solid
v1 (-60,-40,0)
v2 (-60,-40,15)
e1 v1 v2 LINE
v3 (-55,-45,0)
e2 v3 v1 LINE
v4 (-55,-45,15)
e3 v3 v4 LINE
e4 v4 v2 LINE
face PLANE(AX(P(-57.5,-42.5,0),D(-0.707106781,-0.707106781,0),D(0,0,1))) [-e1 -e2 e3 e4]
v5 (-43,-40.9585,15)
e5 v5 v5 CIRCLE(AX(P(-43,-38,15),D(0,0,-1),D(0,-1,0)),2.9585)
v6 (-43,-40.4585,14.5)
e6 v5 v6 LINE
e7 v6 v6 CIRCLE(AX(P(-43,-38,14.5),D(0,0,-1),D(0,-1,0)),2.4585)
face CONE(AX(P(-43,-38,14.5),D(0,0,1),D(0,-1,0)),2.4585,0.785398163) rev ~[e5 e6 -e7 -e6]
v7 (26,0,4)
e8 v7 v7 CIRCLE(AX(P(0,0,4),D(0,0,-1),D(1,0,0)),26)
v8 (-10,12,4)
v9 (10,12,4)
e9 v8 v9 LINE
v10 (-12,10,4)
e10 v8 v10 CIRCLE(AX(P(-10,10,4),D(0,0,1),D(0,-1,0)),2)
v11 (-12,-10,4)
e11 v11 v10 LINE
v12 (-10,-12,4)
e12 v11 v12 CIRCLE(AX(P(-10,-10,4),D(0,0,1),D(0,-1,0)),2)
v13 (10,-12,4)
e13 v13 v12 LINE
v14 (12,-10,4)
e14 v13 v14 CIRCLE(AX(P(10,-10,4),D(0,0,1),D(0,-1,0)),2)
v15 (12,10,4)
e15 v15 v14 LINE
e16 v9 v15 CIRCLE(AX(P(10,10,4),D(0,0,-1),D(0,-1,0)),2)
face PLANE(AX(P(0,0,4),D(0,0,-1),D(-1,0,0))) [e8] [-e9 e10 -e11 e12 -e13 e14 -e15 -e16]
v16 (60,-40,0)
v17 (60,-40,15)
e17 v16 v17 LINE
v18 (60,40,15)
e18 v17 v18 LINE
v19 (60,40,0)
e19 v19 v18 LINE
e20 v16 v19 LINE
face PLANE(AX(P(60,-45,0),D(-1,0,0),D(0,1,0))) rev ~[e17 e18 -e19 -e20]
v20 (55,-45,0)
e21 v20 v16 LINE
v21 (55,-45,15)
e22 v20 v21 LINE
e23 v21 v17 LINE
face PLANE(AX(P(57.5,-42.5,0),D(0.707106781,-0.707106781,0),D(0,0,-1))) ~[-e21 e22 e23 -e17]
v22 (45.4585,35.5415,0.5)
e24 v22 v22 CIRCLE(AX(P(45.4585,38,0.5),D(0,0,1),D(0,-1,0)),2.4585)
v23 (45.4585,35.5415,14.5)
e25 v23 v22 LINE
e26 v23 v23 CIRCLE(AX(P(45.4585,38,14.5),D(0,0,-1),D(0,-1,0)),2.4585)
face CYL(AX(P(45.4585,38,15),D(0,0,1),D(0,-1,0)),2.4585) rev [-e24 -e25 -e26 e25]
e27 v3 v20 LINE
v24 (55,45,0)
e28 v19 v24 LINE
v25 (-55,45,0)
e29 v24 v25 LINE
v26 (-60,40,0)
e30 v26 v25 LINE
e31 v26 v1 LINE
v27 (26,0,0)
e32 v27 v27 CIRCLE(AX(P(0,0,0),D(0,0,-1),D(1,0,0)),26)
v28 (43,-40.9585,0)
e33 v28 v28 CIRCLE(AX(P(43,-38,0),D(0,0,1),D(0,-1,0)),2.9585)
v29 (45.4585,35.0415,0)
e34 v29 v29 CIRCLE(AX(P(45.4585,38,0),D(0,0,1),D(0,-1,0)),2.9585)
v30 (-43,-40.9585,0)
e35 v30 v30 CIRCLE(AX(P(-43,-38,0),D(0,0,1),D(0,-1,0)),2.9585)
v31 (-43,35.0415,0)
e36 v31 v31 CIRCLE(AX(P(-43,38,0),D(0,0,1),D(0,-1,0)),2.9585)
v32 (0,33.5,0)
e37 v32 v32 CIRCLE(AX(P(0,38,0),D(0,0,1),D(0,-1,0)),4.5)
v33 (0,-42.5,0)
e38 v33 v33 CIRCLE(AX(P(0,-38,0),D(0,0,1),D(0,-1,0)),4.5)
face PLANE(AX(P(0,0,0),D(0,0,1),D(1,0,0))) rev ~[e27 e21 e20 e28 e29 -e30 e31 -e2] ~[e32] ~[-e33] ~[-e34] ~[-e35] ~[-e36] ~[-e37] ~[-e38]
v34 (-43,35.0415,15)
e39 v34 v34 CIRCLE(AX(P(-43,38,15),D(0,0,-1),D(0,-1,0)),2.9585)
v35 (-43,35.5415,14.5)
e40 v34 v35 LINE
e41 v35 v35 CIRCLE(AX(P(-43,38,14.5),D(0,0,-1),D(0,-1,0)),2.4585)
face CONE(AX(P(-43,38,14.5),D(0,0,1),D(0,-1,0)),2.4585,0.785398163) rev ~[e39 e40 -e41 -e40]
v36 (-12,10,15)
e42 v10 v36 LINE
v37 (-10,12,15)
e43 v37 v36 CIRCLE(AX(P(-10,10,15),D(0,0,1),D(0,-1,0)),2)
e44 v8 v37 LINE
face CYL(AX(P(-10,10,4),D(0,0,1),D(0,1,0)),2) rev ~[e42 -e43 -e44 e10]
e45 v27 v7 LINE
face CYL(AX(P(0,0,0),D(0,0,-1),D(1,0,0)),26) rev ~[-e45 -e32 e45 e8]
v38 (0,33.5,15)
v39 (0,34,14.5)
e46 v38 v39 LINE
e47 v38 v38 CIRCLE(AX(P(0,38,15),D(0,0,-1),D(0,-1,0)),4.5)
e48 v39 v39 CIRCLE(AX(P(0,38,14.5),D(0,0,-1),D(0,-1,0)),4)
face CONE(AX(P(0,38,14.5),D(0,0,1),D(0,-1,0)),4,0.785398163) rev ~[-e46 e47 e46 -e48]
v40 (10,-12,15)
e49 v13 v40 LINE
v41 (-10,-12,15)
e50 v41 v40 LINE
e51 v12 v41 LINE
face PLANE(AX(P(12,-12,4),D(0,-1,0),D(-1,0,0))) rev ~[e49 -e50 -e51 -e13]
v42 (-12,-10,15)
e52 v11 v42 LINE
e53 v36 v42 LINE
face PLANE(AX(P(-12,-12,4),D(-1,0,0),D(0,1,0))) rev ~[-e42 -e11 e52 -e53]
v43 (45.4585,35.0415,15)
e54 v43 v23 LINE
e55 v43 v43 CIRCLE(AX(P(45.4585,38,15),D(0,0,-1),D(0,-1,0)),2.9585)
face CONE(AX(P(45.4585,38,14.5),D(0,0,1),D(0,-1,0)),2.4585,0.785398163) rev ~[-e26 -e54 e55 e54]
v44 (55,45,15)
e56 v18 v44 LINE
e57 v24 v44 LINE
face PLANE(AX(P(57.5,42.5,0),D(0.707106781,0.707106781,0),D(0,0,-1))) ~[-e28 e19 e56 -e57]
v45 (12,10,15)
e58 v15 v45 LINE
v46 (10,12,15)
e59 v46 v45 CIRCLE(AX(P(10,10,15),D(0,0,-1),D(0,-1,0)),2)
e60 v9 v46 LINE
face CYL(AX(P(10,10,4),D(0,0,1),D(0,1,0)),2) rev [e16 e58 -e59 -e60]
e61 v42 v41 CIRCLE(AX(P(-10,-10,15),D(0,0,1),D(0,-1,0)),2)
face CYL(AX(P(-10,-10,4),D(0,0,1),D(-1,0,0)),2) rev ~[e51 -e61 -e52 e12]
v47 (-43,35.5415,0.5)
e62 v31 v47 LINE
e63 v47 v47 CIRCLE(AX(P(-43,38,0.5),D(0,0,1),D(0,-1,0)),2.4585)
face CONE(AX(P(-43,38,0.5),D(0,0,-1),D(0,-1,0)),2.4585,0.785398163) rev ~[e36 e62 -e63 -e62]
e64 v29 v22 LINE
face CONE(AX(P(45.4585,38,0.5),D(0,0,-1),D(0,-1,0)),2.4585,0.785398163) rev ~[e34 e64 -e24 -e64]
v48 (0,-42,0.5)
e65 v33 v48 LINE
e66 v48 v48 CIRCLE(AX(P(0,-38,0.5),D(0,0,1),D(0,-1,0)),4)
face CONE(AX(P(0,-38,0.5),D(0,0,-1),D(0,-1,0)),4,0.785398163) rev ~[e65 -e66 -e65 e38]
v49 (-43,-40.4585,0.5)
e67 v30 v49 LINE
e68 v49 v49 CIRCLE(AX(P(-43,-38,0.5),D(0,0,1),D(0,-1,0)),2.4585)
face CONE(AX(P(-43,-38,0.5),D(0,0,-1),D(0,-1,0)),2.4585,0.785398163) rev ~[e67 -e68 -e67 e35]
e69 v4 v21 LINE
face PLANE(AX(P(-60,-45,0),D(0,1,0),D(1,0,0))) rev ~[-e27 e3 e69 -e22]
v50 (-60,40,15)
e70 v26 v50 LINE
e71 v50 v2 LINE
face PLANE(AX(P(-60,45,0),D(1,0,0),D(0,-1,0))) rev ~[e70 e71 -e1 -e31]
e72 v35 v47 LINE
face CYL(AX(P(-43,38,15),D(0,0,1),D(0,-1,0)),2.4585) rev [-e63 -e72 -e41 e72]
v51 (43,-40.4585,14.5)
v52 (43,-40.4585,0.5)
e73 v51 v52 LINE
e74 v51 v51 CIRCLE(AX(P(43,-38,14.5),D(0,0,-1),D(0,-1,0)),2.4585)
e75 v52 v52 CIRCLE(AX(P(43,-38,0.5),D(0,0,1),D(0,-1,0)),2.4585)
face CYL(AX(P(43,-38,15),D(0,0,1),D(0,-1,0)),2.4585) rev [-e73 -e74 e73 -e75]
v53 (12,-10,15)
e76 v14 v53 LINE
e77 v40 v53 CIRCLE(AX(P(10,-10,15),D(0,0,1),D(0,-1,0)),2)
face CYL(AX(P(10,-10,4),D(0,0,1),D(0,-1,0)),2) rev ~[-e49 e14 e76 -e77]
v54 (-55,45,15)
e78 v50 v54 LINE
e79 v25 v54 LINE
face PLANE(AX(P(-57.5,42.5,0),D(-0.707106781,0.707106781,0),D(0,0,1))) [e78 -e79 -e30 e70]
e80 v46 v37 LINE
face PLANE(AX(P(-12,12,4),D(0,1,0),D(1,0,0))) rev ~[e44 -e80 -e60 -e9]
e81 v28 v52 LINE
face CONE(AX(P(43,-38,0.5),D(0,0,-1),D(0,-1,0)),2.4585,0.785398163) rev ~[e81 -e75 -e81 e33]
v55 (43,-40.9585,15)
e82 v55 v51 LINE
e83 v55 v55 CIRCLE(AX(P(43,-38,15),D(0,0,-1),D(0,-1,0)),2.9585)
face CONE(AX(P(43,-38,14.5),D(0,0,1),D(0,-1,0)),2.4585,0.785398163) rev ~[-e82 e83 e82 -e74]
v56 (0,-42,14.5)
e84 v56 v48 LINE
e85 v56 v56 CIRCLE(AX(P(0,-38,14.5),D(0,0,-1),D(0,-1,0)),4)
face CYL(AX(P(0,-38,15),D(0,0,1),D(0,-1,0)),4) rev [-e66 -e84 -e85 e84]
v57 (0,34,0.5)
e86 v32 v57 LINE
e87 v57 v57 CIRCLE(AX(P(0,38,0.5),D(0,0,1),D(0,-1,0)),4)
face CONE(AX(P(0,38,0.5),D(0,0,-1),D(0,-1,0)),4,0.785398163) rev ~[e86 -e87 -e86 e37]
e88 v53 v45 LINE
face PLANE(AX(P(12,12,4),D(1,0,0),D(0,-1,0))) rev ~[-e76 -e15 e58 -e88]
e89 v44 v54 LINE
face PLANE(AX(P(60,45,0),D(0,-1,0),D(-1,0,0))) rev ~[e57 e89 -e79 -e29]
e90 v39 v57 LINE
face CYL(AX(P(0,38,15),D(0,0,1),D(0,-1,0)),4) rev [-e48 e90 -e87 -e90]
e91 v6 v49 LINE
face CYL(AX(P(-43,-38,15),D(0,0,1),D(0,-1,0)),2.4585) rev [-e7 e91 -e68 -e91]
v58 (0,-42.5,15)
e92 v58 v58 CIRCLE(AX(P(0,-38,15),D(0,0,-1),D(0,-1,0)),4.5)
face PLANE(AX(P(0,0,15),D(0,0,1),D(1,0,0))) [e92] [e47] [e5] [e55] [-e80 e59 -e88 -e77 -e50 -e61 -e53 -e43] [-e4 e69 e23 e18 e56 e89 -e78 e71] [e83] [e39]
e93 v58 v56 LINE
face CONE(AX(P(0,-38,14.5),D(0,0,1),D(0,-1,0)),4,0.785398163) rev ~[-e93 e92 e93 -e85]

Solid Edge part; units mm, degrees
sketch "Sketch1" plane through (0, 0, 0) normal (0, 0, 1) x (1, 0, 0)
  line L0 (-60, -45) -> (60, -45)
  line L1 (60, -45) -> (60, 45)
  line L2 (60, 45) -> (-60, 45)
  line L3 (-60, 45) -> (-60, -45)
extrude "Protrusion1" add sketch "Sketch1" along normal blind 15
sketch "Sketch2" plane through (0, 0, 0) normal (0, 0, -1) x (1, 0, 0)
  circle A0 centre (0, 0) radius 26
  dimension "D1" = 52
extrude "VaciadoExtruido_1" cut sketch "Sketch2" against normal blind 4
sketch "Sketch3" plane through (0, 0, 4) normal (0, 0, -1) x (1, 0, 0)
  line L0 (-12, -12) -> (12, -12)
  line L1 (12, -12) -> (12, 12)
  line L2 (12, 12) -> (-12, 12)
  line L3 (-12, 12) -> (-12, -12)
  dimension "D1" = 24
  dimension "D2" = 24
extrude "Cutout1" cut sketch "Sketch3" against normal through all
fillet "Redondeo_1" radius 2 4 edges at (-12, 12, 9.5) (-12, -12, 9.5) (12, -12, 9.5) (12, 12, 9.5)
chamfer "Chaflán_1" distance 5 angle 45 4 edges at (-60, 45, 7.5) (-60, -45, 7.5) (60, -45, 7.5) (60, 45, 7.5)
hole "Agujero_1" at (0, 38, 15) direction (0, 0, -1) diameter 8 end up to next start chamfer 0.5 start chamfer angle 45 end chamfer 0.5 end chamfer angle 45
hole "Hole1" at (0, -38, 15) direction (0, 0, -1) diameter 8 end up to next start chamfer 0.5 start chamfer angle 45 end chamfer 0.5 end chamfer angle 45
hole "Agujero_3" at (45.4585, 38, 15) direction (0, 0, -1) diameter 4.917 end through all start chamfer 0.5 start chamfer angle 45 end chamfer 0.5 end chamfer angle 45 thread major 6 thread length 2
hole "Hole2" at (43, -38, 15) direction (0, 0, -1) diameter 4.917 end through all start chamfer 0.5 start chamfer angle 45 end chamfer 0.5 end chamfer angle 45 thread major 6 thread length 2
hole "Hole3" at (-43, -38, 15) direction (0, 0, -1) diameter 4.917 end through all start chamfer 0.5 start chamfer angle 45 end chamfer 0.5 end chamfer angle 45 thread major 6 thread length 2
hole "Hole4" at (-43, 38, 15) direction (0, 0, -1) diameter 4.917 end through all start chamfer 0.5 start chamfer angle 45 end chamfer 0.5 end chamfer angle 45 thread major 6 thread length 2
